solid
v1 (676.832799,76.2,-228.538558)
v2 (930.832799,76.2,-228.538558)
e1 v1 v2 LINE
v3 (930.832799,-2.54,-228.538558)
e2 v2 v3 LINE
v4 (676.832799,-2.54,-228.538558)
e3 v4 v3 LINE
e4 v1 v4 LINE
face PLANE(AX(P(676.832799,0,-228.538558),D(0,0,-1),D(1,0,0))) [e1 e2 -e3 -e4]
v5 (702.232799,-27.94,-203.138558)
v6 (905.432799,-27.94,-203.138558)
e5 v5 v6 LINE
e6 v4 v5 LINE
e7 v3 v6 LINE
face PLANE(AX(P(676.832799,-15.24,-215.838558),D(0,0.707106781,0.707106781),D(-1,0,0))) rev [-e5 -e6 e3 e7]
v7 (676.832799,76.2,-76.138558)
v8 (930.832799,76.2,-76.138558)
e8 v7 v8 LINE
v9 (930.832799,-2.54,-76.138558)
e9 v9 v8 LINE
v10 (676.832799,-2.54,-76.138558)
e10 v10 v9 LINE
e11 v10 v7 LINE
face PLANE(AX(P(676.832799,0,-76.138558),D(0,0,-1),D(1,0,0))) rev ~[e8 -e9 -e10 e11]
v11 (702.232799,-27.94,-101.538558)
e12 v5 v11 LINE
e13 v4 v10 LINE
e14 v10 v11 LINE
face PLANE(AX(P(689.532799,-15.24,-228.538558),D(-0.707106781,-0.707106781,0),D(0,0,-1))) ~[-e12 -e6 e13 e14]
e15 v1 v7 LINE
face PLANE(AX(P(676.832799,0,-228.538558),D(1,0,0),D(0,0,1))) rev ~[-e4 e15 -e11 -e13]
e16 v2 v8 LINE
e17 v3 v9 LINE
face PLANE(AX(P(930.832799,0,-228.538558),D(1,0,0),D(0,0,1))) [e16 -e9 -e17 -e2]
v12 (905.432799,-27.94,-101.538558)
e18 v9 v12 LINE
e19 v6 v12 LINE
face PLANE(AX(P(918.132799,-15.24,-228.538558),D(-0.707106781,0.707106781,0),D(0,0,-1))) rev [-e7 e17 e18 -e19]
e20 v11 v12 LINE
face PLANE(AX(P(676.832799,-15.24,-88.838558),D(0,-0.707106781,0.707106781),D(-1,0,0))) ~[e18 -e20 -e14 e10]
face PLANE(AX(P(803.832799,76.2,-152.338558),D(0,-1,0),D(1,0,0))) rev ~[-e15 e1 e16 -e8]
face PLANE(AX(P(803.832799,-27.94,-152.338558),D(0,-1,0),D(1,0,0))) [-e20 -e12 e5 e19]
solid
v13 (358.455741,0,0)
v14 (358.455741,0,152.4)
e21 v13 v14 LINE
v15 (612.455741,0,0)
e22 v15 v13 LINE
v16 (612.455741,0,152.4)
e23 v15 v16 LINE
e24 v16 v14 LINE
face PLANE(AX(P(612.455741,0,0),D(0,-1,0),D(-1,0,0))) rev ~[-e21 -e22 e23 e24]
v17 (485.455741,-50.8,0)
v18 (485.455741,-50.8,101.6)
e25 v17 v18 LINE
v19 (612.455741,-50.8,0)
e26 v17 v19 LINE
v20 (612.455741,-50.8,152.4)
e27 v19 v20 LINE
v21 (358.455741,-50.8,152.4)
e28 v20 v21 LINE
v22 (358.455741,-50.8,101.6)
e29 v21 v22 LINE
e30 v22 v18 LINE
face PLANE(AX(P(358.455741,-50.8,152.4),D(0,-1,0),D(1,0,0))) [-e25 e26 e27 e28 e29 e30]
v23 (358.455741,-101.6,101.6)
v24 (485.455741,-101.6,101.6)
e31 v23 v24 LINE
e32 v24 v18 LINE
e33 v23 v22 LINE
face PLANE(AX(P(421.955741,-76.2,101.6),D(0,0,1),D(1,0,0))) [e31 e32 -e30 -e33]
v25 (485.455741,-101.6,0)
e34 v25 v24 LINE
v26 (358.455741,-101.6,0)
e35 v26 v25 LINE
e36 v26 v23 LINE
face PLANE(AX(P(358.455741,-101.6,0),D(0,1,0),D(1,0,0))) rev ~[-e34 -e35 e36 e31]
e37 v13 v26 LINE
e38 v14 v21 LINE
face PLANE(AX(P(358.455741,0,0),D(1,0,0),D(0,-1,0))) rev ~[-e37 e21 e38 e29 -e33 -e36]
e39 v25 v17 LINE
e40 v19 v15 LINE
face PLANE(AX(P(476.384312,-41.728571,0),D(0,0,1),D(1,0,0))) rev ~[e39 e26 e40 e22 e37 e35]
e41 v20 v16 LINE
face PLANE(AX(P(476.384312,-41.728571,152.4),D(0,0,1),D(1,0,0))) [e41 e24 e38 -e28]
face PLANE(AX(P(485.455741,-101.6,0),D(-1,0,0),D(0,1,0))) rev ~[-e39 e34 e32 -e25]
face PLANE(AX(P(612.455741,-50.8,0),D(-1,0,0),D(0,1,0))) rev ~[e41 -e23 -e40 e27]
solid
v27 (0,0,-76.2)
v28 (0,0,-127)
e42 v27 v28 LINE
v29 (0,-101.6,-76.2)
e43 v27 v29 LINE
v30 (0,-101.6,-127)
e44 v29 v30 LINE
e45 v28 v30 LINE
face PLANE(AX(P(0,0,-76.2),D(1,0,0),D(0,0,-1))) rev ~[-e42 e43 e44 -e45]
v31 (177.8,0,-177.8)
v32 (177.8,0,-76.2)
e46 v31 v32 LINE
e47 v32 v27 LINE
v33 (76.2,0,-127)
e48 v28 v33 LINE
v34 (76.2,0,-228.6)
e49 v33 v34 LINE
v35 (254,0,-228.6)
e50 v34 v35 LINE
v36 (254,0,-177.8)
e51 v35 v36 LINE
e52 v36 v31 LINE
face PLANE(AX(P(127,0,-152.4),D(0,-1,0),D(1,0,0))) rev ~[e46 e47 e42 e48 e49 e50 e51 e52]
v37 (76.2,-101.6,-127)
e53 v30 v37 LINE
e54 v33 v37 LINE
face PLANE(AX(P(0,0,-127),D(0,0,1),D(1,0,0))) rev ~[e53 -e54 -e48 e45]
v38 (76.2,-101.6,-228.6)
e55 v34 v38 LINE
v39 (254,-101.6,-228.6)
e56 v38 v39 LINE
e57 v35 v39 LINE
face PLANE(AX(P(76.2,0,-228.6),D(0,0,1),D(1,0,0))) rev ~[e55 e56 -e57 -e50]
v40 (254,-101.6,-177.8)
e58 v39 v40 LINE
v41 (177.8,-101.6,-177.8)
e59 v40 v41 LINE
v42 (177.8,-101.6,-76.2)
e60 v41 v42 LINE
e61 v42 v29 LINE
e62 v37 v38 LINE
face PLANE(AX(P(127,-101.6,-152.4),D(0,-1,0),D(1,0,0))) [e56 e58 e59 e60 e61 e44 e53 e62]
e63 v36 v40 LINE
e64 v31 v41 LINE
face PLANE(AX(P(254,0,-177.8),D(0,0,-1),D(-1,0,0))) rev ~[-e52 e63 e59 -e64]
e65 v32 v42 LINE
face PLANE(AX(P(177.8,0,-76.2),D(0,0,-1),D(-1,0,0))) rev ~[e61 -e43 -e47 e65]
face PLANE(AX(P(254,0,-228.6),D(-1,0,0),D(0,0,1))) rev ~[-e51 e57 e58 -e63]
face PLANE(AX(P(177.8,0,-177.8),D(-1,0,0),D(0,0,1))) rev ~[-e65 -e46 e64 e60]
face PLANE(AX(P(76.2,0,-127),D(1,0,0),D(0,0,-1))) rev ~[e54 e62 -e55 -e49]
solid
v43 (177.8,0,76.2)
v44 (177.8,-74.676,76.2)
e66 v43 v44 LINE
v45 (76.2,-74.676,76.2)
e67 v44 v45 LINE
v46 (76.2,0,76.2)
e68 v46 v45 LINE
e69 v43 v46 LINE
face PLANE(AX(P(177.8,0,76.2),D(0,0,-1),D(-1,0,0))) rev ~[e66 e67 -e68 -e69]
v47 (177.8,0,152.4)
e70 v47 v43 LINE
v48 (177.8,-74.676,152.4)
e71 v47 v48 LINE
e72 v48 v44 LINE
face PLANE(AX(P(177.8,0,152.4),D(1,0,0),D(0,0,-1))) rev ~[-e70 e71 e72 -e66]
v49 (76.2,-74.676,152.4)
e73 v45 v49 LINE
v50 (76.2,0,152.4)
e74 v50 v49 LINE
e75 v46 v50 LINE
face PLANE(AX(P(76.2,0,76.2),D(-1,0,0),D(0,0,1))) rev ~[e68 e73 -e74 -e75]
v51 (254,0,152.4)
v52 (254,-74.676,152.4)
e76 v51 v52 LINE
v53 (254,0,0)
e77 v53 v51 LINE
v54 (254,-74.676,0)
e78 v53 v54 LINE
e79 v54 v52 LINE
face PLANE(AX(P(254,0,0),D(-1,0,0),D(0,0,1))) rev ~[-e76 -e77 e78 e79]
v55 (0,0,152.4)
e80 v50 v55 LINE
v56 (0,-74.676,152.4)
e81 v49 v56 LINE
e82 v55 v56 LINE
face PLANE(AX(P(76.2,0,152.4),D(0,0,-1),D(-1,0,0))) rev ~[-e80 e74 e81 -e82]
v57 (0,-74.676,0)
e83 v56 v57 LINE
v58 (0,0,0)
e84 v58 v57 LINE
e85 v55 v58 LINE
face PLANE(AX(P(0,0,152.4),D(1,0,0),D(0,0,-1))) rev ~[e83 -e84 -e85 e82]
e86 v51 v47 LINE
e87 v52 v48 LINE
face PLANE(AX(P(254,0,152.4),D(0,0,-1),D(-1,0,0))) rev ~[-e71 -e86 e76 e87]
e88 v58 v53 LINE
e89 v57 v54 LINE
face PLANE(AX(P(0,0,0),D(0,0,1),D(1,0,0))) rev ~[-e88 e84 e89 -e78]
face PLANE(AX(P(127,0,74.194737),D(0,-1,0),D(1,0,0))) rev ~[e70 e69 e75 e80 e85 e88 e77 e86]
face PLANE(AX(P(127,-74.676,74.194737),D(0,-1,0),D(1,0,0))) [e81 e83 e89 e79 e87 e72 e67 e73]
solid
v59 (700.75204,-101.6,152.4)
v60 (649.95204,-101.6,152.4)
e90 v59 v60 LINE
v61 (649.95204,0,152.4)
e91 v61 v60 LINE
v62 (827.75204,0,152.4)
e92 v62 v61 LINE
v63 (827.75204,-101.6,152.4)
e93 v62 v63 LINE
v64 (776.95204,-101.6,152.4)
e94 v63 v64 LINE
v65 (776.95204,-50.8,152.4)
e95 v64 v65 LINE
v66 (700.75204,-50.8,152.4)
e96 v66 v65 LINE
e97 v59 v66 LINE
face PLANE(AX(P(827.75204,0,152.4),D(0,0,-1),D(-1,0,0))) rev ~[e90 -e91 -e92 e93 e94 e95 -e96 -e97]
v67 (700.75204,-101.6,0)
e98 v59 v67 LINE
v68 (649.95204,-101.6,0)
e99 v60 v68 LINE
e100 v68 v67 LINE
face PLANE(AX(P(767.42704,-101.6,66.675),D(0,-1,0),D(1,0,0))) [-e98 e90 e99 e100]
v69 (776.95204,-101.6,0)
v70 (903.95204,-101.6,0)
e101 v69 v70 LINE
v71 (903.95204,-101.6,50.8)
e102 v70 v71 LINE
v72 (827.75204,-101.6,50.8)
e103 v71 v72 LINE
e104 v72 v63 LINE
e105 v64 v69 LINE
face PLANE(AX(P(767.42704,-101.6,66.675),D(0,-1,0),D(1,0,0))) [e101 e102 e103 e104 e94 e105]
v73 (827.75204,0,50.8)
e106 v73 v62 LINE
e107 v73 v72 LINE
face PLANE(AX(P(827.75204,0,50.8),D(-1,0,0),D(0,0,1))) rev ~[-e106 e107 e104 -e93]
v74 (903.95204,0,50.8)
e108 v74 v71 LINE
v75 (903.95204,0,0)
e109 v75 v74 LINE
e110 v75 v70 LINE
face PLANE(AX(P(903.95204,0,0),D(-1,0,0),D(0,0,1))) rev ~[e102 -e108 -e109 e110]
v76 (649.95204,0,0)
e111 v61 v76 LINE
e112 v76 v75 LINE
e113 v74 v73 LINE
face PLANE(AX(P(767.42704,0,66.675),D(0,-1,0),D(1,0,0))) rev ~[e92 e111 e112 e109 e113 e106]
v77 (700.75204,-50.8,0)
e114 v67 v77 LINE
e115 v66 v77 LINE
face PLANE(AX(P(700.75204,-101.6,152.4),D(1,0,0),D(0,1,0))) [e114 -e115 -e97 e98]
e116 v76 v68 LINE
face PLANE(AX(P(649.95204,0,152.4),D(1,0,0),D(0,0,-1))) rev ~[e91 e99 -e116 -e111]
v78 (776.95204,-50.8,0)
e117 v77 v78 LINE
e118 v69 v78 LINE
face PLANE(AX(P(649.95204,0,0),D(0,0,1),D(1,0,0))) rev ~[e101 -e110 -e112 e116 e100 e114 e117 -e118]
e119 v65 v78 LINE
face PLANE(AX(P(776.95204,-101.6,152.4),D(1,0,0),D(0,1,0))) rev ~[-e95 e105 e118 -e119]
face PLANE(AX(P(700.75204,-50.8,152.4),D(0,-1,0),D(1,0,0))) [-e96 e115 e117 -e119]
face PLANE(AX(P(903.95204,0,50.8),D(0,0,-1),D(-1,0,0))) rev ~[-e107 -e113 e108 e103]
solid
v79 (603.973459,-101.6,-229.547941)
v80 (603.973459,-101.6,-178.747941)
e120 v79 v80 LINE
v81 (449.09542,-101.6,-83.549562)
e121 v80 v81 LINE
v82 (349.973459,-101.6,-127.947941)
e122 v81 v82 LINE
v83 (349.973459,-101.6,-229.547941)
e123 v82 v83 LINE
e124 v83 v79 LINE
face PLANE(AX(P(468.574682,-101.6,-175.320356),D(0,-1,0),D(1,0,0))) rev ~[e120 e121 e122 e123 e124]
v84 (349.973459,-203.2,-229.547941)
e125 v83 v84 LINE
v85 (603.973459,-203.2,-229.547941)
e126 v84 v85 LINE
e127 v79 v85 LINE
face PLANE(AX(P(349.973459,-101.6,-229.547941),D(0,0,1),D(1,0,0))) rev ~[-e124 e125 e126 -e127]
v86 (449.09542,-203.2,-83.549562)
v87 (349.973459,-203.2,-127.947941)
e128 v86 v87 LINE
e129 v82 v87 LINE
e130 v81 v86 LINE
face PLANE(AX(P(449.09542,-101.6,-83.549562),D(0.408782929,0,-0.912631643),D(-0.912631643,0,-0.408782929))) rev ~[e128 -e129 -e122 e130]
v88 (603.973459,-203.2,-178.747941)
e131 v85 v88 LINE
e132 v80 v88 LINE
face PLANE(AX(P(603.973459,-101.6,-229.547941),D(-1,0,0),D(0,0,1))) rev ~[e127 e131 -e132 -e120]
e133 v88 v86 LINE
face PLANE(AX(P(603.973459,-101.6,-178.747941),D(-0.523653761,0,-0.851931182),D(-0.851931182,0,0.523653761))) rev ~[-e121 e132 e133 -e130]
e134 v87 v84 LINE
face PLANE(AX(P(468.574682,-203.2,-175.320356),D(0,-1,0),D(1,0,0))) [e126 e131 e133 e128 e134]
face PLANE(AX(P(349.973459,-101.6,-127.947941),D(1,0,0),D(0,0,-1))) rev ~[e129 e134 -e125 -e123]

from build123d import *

# Parameters (mm, degrees)
F1_DEPTH  = 74.676
F4_DEPTH  = 101.6
F5_W      = 76.2
F5_H      = 50.8
F6_DEPTH  = 152.4
F7_DEPTH  = 152.4
F8_W      = 127
F8_H      = 50.8
F9_DEPTH  = 50.8
F10_W     = 254
F10_H     = 101.6
F11_DEPTH = 152.4
F12_W     = 76.2
F12_H     = 101.6
F13_DEPTH = 101.6
F14_W     = 76.2
F14_H     = 101.6
F15_DEPTH = 101.6
F18_DEPTH = 101.6
F20_DEPTH = 101.6
F21_W     = 254
F21_H     = 152.4
F22_DEPTH = 27.94
F23_SIZE  = 25.4
F24_DEPTH = 76.2


with BuildPart() as f1:
    # F0 (on Front) → F1 (new body)
    with BuildSketch(Plane.XZ):
        Polygon((0, 152.4), (0, 0), (254, 0), (254, 152.4), (177.8, 152.4), (177.8, 76.2), (76.2, 76.2), (76.2, 152.4), align=None)
    extrude(amount=F1_DEPTH)


with BuildPart() as f4:
    # F3 (on Front) → F4 (new body)
    with BuildSketch(Plane.XZ):
        Polygon((649.95204, 152.4), (649.95204, 0), (903.95204, 0), (903.95204, 50.8), (827.75204, 50.8), (827.75204, 152.4), align=None)
    extrude(amount=F4_DEPTH)

    # F5 (on face) → F6 (cut)
    with BuildSketch(Plane.XY.offset(152.4)):
        with Locations((738.85204, -76.2)):
            Rectangle(F5_W, F5_H)
    extrude(amount=-F6_DEPTH, mode=Mode.SUBTRACT)


with BuildPart() as f7:
    # F2 (on Top) → F7 (new body)
    with BuildSketch(Plane.XY):
        Polygon((358.455741, 0), (358.455741, -101.6), (485.455741, -101.6), (485.455741, -50.8), (612.455741, -50.8), (612.455741, 0), align=None)
    extrude(amount=F7_DEPTH)

    # F8 (on face) → F9 (cut)
    with BuildSketch(Plane.XY.offset(152.4)):
        with Locations((421.955741, -76.2)):
            Rectangle(F8_W, F8_H)
    extrude(amount=-F9_DEPTH, mode=Mode.SUBTRACT)


with BuildPart() as f11:
    # F10 (on Top) → F11 (new body)
    with BuildSketch(Plane.XY):
        with Locations((127, -254)):
            Rectangle(F10_W, F10_H)
    extrude(amount=F11_DEPTH)

    # F12 (on face) → F13 (cut)
    with BuildSketch(Plane.XZ.offset(304.8)):
        with Locations((38.1, 50.8)):
            Rectangle(F12_W, F12_H)
    extrude(amount=-F13_DEPTH, mode=Mode.SUBTRACT)

    # F14 (on face) → F15 (cut)
    with BuildSketch(Plane.XZ.offset(304.8)):
        with Locations((215.9, 101.6)):
            Rectangle(F14_W, F14_H)
    extrude(amount=-F15_DEPTH, mode=Mode.SUBTRACT)


with BuildPart() as f18:
    # F17 (on Front) → F18 (new body)
    with BuildSketch(Plane.XZ):
        Polygon((177.8, -76.2), (0, -76.2), (0, -127), (76.2, -127), (76.2, -228.6), (254, -228.6), (254, -177.8), (177.8, -177.8), align=None)
    extrude(amount=F18_DEPTH)


with BuildPart() as f20:
    # F19 (on face) → F20 (new body)
    with BuildSketch(Plane.XZ.offset(101.6)):
        Polygon((349.973459, -127.947941), (349.973459, -229.547941), (603.973459, -229.547941), (603.973459, -178.747941), (449.09542, -83.549562), align=None)
    extrude(amount=F20_DEPTH)


with BuildPart() as f22:
    # F21 (on Front) → F22 (new body)
    with BuildSketch(Plane.XZ):
        with Locations((803.832799, -152.338558)):
            Rectangle(F21_W, F21_H)
    extrude(amount=F22_DEPTH)

    # F23
    f23_edges = [f22.edges().sort_by_distance(p)[0] for p in [
        (676.832799, -27.94, -152.338558),
        (803.832799, -27.94, -228.538558),
        (930.832799, -27.94, -152.338558),
        (803.832799, -27.94, -76.138558),
    ]]
    chamfer(f23_edges, length=F23_SIZE)

    # F21 (on Front) → F24 (join)
    with BuildSketch(Plane.XZ):
        with Locations((803.832799, -152.338558)):
            Rectangle(F21_W, F21_H)
    extrude(amount=-F24_DEPTH)


solid = Compound([f1.part, f4.part, f7.part, f18.part, f20.part, f22.part])
